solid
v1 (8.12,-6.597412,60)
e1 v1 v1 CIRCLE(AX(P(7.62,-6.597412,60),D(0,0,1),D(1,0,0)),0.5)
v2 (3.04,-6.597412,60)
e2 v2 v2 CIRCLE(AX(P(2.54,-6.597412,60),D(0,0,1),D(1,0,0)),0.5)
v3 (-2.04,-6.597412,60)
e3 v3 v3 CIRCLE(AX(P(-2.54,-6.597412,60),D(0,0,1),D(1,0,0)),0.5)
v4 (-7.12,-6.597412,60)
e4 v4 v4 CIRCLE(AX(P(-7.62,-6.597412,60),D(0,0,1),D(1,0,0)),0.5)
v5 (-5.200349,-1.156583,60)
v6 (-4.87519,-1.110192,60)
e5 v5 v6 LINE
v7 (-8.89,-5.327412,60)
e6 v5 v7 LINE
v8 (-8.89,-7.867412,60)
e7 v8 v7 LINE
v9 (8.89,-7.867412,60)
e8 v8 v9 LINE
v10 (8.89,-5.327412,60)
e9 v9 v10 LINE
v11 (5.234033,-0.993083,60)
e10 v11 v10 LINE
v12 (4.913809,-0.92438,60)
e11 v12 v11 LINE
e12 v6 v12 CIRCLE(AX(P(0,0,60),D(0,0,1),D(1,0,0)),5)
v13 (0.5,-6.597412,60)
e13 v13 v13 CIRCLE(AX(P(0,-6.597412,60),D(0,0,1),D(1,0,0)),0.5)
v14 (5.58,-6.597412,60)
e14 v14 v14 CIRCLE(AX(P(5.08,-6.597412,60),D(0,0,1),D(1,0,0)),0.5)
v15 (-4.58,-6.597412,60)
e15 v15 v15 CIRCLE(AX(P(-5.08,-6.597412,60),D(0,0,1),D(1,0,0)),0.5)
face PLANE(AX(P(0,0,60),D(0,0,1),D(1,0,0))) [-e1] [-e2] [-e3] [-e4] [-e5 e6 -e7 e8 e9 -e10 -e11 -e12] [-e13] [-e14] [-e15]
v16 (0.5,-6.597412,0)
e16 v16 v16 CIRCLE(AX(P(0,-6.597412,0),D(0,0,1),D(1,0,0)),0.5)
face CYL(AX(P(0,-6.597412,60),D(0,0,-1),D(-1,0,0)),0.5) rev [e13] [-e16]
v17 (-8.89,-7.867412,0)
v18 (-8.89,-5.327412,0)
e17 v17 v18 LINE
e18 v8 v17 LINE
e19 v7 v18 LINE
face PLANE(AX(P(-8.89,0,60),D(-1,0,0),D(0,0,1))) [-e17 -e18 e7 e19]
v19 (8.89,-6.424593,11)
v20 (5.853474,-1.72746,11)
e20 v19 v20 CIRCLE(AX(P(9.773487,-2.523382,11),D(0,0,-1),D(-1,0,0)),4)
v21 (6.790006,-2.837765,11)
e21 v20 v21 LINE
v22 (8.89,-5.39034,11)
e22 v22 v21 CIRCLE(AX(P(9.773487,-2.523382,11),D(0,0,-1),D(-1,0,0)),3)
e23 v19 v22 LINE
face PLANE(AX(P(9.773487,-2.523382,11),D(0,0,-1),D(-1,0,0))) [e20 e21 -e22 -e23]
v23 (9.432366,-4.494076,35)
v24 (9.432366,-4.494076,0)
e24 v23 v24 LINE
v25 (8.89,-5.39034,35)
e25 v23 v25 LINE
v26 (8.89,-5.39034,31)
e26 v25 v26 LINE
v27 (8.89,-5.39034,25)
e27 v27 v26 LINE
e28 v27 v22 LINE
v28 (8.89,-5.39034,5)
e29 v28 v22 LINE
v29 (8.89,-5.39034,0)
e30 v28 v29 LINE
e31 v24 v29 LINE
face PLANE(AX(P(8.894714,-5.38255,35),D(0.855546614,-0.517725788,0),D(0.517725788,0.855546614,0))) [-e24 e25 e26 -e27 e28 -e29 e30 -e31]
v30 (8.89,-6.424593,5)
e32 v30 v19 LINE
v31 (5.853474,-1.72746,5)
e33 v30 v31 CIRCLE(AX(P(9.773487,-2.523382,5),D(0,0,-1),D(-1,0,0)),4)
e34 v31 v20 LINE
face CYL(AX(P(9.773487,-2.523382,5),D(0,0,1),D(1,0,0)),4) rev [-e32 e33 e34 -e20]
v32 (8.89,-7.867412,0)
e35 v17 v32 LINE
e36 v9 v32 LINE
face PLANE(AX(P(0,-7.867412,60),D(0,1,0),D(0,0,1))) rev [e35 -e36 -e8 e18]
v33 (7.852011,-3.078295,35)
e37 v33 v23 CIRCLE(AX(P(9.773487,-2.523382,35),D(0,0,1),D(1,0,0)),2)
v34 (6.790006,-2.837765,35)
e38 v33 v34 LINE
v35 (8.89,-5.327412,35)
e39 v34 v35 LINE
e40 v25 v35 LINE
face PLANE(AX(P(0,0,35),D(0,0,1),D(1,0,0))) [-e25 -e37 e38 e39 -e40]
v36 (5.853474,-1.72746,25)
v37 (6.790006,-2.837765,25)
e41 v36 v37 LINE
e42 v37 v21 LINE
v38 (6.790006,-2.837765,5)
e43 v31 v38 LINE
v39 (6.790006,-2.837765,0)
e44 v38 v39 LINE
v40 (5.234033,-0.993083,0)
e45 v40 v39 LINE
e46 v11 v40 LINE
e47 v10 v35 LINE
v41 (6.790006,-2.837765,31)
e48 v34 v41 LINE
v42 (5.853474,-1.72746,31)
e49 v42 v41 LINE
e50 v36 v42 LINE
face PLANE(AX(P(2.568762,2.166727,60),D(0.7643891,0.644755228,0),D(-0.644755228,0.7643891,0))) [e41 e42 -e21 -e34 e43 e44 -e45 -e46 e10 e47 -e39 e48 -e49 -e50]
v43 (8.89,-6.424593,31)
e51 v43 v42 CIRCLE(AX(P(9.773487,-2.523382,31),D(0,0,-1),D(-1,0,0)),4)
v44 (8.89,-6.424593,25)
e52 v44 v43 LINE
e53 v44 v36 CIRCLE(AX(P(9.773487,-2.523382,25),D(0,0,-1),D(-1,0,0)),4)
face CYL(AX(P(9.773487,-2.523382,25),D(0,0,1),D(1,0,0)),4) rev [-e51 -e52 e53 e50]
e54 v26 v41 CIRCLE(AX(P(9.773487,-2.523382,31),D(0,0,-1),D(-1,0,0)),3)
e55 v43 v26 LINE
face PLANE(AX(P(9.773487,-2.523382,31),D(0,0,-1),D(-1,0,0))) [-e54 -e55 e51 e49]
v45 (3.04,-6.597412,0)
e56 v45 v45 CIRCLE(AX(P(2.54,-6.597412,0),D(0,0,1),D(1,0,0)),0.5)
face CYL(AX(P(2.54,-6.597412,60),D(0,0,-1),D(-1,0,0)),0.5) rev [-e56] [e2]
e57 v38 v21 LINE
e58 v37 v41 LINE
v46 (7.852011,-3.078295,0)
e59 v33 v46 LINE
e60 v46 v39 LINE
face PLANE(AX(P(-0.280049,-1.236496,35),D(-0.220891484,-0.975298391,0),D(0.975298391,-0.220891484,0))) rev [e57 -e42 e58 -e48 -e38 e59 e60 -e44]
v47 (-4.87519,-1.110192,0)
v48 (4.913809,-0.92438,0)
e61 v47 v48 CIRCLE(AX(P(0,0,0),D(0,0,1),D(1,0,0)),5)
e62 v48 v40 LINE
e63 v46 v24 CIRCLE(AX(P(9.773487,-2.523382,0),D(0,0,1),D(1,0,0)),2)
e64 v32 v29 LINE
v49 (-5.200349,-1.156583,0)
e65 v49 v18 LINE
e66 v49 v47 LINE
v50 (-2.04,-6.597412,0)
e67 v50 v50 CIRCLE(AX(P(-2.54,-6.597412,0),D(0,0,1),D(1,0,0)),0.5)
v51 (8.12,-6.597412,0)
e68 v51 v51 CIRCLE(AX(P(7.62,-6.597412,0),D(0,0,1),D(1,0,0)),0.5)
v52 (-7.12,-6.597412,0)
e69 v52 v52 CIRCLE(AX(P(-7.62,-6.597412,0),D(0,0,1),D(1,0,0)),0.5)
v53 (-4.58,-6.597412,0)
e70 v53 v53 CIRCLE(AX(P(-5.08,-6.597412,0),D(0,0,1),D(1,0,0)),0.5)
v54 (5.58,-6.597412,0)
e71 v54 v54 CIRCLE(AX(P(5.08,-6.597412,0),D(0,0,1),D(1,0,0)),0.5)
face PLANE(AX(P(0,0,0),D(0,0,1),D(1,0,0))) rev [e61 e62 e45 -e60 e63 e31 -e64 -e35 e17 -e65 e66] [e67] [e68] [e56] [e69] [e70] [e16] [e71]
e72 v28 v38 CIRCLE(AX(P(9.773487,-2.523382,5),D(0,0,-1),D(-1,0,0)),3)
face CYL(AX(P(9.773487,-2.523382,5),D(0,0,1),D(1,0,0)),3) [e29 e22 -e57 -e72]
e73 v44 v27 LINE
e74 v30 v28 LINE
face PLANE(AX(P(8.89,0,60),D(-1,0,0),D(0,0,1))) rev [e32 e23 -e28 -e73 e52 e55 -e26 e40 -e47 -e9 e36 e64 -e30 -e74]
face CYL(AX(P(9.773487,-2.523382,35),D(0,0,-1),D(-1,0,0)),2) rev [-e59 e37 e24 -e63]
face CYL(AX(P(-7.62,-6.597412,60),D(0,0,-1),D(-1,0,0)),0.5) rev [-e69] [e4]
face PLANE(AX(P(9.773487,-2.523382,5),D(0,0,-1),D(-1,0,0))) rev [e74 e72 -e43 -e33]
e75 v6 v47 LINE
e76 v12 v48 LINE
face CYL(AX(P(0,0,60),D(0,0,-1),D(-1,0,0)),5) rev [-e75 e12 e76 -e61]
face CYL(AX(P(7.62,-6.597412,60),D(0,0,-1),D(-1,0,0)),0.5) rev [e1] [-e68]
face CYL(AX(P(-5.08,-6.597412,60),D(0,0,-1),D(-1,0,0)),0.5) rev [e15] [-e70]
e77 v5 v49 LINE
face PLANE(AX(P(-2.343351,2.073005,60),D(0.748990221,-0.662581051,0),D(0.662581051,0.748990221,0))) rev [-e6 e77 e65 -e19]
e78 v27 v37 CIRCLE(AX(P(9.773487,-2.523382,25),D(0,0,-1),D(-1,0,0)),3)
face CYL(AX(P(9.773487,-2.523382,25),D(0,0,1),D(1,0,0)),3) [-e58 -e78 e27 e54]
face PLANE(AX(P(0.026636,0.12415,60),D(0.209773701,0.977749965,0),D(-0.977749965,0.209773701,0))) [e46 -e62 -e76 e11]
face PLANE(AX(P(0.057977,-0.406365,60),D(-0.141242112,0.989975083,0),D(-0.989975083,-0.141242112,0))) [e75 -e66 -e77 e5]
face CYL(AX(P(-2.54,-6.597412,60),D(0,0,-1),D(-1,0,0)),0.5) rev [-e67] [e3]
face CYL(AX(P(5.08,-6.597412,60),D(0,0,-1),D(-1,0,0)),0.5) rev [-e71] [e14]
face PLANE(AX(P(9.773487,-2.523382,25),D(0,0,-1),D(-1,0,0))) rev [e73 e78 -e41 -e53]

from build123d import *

# Parameters (mm, degrees)
SKETCH1_W           = 17.78
SKETCH1_H           = 2.54
SKETCH1_R           = 0.5
BOSS_EXTRUDE1_DEPTH = 60
CUT_EXTRUDE1_START  = 8
CUT_EXTRUDE1_DEPTH  = 3
CUT_EXTRUDE2_START  = 28
CUT_EXTRUDE2_DEPTH  = 3
BOSS_EXTRUDE2_DEPTH = 35


with BuildPart() as part:
    # Sketch1 → Boss-Extrude1 (new body)
    with BuildSketch(Plane.XY):
        with BuildLine():
            Line((-5.200349399, -1.156583023), (-4.875189675, -1.110191708))
            ThreePointArc((-4.875189675, -1.110191708), (0.094891357, -4.999099482), (4.913809284, -0.924379964))
            Line((4.913809284, -0.924379964), (5.23403324, -0.993083178))
            ThreePointArc((5.23403324, -0.993083178), (0.083466761, -5.326758063), (-5.200349399, -1.156583023))
        make_face()
        with BuildLine():
            Line((-5.200349399, -1.156583023), (-8.89, -5.327411957))
            Line((-8.89, -5.327411957), (-9e-09, -5.327411957))
            ThreePointArc((-9e-09, -5.327411957), (-3.33314596, -4.155894148), (-5.200349399, -1.156583023))
        make_face()
        with Locations((0, -6.597411957)):
            Rectangle(SKETCH1_W, SKETCH1_H)
        with Locations((7.62, -6.597411957)):
            Circle(SKETCH1_R, mode=Mode.SUBTRACT)
        with Locations((5.08, -6.597411957)):
            Circle(SKETCH1_R, mode=Mode.SUBTRACT)
        with Locations((2.54, -6.597411957)):
            Circle(SKETCH1_R, mode=Mode.SUBTRACT)
        with Locations((0, -6.597411957)):
            Circle(SKETCH1_R, mode=Mode.SUBTRACT)
        with Locations((-2.54, -6.597411957)):
            Circle(SKETCH1_R, mode=Mode.SUBTRACT)
        with Locations((-5.08, -6.597411957)):
            Circle(SKETCH1_R, mode=Mode.SUBTRACT)
        with Locations((-7.62, -6.597411957)):
            Circle(SKETCH1_R, mode=Mode.SUBTRACT)
        with BuildLine():
            ThreePointArc((5.23403324, -0.993083178), (3.397848946, -4.103162281), (-9e-09, -5.327411957))
            Line((-9e-09, -5.327411957), (8.89, -5.327411957))
            Line((8.89, -5.327411957), (5.23403324, -0.993083178))
        make_face()
    extrude(amount=BOSS_EXTRUDE1_DEPTH)

    # Sketch2 → Cut-Extrude1 (cut, symmetric)
    with BuildSketch(Plane.XY.offset(CUT_EXTRUDE1_START)):
        with BuildLine():
            ThreePointArc((6.790005825, -2.837765364), (7.456750164, -4.429353345), (8.89, -5.390339932))
            Line((8.89, -5.390339932), (8.89, -6.424592971))
            ThreePointArc((8.89, -6.424592971), (6.41429556, -4.694977723), (5.853473578, -1.727460228))
            Line((5.853473578, -1.727460228), (6.790005825, -2.837765364))
        make_face()
    extrude(amount=CUT_EXTRUDE1_DEPTH, both=True, mode=Mode.SUBTRACT)

    # Sketch2<3> → Cut-Extrude2 (cut, symmetric)
    with BuildSketch(Plane.XY.offset(CUT_EXTRUDE2_START)):
        with BuildLine():
            ThreePointArc((6.790005825, -2.837765364), (7.456750164, -4.429353345), (8.89, -5.390339932))
            Line((8.89, -5.390339932), (8.89, -6.424592971))
            ThreePointArc((8.89, -6.424592971), (6.41429556, -4.694977723), (5.853473578, -1.727460228))
            Line((5.853473578, -1.727460228), (6.790005825, -2.837765364))
        make_face()
    extrude(amount=CUT_EXTRUDE2_DEPTH, both=True, mode=Mode.SUBTRACT)

    # Sketch2<4> → Boss-Extrude2 (add)
    with BuildSketch(Plane.XY):
        with BuildLine():
            Line((7.852011126, -3.078294754), (6.790005825, -2.837765364))
            ThreePointArc((6.790005825, -2.837765364), (7.456750164, -4.429353345), (8.89, -5.390339932))
            Line((8.89, -5.390339932), (9.432365549, -4.494075888))
            ThreePointArc((9.432365549, -4.494075888), (8.438966293, -4.01303031), (7.852011126, -3.078294754))
        make_face()
    extrude(amount=BOSS_EXTRUDE2_DEPTH)


solid = part.part
